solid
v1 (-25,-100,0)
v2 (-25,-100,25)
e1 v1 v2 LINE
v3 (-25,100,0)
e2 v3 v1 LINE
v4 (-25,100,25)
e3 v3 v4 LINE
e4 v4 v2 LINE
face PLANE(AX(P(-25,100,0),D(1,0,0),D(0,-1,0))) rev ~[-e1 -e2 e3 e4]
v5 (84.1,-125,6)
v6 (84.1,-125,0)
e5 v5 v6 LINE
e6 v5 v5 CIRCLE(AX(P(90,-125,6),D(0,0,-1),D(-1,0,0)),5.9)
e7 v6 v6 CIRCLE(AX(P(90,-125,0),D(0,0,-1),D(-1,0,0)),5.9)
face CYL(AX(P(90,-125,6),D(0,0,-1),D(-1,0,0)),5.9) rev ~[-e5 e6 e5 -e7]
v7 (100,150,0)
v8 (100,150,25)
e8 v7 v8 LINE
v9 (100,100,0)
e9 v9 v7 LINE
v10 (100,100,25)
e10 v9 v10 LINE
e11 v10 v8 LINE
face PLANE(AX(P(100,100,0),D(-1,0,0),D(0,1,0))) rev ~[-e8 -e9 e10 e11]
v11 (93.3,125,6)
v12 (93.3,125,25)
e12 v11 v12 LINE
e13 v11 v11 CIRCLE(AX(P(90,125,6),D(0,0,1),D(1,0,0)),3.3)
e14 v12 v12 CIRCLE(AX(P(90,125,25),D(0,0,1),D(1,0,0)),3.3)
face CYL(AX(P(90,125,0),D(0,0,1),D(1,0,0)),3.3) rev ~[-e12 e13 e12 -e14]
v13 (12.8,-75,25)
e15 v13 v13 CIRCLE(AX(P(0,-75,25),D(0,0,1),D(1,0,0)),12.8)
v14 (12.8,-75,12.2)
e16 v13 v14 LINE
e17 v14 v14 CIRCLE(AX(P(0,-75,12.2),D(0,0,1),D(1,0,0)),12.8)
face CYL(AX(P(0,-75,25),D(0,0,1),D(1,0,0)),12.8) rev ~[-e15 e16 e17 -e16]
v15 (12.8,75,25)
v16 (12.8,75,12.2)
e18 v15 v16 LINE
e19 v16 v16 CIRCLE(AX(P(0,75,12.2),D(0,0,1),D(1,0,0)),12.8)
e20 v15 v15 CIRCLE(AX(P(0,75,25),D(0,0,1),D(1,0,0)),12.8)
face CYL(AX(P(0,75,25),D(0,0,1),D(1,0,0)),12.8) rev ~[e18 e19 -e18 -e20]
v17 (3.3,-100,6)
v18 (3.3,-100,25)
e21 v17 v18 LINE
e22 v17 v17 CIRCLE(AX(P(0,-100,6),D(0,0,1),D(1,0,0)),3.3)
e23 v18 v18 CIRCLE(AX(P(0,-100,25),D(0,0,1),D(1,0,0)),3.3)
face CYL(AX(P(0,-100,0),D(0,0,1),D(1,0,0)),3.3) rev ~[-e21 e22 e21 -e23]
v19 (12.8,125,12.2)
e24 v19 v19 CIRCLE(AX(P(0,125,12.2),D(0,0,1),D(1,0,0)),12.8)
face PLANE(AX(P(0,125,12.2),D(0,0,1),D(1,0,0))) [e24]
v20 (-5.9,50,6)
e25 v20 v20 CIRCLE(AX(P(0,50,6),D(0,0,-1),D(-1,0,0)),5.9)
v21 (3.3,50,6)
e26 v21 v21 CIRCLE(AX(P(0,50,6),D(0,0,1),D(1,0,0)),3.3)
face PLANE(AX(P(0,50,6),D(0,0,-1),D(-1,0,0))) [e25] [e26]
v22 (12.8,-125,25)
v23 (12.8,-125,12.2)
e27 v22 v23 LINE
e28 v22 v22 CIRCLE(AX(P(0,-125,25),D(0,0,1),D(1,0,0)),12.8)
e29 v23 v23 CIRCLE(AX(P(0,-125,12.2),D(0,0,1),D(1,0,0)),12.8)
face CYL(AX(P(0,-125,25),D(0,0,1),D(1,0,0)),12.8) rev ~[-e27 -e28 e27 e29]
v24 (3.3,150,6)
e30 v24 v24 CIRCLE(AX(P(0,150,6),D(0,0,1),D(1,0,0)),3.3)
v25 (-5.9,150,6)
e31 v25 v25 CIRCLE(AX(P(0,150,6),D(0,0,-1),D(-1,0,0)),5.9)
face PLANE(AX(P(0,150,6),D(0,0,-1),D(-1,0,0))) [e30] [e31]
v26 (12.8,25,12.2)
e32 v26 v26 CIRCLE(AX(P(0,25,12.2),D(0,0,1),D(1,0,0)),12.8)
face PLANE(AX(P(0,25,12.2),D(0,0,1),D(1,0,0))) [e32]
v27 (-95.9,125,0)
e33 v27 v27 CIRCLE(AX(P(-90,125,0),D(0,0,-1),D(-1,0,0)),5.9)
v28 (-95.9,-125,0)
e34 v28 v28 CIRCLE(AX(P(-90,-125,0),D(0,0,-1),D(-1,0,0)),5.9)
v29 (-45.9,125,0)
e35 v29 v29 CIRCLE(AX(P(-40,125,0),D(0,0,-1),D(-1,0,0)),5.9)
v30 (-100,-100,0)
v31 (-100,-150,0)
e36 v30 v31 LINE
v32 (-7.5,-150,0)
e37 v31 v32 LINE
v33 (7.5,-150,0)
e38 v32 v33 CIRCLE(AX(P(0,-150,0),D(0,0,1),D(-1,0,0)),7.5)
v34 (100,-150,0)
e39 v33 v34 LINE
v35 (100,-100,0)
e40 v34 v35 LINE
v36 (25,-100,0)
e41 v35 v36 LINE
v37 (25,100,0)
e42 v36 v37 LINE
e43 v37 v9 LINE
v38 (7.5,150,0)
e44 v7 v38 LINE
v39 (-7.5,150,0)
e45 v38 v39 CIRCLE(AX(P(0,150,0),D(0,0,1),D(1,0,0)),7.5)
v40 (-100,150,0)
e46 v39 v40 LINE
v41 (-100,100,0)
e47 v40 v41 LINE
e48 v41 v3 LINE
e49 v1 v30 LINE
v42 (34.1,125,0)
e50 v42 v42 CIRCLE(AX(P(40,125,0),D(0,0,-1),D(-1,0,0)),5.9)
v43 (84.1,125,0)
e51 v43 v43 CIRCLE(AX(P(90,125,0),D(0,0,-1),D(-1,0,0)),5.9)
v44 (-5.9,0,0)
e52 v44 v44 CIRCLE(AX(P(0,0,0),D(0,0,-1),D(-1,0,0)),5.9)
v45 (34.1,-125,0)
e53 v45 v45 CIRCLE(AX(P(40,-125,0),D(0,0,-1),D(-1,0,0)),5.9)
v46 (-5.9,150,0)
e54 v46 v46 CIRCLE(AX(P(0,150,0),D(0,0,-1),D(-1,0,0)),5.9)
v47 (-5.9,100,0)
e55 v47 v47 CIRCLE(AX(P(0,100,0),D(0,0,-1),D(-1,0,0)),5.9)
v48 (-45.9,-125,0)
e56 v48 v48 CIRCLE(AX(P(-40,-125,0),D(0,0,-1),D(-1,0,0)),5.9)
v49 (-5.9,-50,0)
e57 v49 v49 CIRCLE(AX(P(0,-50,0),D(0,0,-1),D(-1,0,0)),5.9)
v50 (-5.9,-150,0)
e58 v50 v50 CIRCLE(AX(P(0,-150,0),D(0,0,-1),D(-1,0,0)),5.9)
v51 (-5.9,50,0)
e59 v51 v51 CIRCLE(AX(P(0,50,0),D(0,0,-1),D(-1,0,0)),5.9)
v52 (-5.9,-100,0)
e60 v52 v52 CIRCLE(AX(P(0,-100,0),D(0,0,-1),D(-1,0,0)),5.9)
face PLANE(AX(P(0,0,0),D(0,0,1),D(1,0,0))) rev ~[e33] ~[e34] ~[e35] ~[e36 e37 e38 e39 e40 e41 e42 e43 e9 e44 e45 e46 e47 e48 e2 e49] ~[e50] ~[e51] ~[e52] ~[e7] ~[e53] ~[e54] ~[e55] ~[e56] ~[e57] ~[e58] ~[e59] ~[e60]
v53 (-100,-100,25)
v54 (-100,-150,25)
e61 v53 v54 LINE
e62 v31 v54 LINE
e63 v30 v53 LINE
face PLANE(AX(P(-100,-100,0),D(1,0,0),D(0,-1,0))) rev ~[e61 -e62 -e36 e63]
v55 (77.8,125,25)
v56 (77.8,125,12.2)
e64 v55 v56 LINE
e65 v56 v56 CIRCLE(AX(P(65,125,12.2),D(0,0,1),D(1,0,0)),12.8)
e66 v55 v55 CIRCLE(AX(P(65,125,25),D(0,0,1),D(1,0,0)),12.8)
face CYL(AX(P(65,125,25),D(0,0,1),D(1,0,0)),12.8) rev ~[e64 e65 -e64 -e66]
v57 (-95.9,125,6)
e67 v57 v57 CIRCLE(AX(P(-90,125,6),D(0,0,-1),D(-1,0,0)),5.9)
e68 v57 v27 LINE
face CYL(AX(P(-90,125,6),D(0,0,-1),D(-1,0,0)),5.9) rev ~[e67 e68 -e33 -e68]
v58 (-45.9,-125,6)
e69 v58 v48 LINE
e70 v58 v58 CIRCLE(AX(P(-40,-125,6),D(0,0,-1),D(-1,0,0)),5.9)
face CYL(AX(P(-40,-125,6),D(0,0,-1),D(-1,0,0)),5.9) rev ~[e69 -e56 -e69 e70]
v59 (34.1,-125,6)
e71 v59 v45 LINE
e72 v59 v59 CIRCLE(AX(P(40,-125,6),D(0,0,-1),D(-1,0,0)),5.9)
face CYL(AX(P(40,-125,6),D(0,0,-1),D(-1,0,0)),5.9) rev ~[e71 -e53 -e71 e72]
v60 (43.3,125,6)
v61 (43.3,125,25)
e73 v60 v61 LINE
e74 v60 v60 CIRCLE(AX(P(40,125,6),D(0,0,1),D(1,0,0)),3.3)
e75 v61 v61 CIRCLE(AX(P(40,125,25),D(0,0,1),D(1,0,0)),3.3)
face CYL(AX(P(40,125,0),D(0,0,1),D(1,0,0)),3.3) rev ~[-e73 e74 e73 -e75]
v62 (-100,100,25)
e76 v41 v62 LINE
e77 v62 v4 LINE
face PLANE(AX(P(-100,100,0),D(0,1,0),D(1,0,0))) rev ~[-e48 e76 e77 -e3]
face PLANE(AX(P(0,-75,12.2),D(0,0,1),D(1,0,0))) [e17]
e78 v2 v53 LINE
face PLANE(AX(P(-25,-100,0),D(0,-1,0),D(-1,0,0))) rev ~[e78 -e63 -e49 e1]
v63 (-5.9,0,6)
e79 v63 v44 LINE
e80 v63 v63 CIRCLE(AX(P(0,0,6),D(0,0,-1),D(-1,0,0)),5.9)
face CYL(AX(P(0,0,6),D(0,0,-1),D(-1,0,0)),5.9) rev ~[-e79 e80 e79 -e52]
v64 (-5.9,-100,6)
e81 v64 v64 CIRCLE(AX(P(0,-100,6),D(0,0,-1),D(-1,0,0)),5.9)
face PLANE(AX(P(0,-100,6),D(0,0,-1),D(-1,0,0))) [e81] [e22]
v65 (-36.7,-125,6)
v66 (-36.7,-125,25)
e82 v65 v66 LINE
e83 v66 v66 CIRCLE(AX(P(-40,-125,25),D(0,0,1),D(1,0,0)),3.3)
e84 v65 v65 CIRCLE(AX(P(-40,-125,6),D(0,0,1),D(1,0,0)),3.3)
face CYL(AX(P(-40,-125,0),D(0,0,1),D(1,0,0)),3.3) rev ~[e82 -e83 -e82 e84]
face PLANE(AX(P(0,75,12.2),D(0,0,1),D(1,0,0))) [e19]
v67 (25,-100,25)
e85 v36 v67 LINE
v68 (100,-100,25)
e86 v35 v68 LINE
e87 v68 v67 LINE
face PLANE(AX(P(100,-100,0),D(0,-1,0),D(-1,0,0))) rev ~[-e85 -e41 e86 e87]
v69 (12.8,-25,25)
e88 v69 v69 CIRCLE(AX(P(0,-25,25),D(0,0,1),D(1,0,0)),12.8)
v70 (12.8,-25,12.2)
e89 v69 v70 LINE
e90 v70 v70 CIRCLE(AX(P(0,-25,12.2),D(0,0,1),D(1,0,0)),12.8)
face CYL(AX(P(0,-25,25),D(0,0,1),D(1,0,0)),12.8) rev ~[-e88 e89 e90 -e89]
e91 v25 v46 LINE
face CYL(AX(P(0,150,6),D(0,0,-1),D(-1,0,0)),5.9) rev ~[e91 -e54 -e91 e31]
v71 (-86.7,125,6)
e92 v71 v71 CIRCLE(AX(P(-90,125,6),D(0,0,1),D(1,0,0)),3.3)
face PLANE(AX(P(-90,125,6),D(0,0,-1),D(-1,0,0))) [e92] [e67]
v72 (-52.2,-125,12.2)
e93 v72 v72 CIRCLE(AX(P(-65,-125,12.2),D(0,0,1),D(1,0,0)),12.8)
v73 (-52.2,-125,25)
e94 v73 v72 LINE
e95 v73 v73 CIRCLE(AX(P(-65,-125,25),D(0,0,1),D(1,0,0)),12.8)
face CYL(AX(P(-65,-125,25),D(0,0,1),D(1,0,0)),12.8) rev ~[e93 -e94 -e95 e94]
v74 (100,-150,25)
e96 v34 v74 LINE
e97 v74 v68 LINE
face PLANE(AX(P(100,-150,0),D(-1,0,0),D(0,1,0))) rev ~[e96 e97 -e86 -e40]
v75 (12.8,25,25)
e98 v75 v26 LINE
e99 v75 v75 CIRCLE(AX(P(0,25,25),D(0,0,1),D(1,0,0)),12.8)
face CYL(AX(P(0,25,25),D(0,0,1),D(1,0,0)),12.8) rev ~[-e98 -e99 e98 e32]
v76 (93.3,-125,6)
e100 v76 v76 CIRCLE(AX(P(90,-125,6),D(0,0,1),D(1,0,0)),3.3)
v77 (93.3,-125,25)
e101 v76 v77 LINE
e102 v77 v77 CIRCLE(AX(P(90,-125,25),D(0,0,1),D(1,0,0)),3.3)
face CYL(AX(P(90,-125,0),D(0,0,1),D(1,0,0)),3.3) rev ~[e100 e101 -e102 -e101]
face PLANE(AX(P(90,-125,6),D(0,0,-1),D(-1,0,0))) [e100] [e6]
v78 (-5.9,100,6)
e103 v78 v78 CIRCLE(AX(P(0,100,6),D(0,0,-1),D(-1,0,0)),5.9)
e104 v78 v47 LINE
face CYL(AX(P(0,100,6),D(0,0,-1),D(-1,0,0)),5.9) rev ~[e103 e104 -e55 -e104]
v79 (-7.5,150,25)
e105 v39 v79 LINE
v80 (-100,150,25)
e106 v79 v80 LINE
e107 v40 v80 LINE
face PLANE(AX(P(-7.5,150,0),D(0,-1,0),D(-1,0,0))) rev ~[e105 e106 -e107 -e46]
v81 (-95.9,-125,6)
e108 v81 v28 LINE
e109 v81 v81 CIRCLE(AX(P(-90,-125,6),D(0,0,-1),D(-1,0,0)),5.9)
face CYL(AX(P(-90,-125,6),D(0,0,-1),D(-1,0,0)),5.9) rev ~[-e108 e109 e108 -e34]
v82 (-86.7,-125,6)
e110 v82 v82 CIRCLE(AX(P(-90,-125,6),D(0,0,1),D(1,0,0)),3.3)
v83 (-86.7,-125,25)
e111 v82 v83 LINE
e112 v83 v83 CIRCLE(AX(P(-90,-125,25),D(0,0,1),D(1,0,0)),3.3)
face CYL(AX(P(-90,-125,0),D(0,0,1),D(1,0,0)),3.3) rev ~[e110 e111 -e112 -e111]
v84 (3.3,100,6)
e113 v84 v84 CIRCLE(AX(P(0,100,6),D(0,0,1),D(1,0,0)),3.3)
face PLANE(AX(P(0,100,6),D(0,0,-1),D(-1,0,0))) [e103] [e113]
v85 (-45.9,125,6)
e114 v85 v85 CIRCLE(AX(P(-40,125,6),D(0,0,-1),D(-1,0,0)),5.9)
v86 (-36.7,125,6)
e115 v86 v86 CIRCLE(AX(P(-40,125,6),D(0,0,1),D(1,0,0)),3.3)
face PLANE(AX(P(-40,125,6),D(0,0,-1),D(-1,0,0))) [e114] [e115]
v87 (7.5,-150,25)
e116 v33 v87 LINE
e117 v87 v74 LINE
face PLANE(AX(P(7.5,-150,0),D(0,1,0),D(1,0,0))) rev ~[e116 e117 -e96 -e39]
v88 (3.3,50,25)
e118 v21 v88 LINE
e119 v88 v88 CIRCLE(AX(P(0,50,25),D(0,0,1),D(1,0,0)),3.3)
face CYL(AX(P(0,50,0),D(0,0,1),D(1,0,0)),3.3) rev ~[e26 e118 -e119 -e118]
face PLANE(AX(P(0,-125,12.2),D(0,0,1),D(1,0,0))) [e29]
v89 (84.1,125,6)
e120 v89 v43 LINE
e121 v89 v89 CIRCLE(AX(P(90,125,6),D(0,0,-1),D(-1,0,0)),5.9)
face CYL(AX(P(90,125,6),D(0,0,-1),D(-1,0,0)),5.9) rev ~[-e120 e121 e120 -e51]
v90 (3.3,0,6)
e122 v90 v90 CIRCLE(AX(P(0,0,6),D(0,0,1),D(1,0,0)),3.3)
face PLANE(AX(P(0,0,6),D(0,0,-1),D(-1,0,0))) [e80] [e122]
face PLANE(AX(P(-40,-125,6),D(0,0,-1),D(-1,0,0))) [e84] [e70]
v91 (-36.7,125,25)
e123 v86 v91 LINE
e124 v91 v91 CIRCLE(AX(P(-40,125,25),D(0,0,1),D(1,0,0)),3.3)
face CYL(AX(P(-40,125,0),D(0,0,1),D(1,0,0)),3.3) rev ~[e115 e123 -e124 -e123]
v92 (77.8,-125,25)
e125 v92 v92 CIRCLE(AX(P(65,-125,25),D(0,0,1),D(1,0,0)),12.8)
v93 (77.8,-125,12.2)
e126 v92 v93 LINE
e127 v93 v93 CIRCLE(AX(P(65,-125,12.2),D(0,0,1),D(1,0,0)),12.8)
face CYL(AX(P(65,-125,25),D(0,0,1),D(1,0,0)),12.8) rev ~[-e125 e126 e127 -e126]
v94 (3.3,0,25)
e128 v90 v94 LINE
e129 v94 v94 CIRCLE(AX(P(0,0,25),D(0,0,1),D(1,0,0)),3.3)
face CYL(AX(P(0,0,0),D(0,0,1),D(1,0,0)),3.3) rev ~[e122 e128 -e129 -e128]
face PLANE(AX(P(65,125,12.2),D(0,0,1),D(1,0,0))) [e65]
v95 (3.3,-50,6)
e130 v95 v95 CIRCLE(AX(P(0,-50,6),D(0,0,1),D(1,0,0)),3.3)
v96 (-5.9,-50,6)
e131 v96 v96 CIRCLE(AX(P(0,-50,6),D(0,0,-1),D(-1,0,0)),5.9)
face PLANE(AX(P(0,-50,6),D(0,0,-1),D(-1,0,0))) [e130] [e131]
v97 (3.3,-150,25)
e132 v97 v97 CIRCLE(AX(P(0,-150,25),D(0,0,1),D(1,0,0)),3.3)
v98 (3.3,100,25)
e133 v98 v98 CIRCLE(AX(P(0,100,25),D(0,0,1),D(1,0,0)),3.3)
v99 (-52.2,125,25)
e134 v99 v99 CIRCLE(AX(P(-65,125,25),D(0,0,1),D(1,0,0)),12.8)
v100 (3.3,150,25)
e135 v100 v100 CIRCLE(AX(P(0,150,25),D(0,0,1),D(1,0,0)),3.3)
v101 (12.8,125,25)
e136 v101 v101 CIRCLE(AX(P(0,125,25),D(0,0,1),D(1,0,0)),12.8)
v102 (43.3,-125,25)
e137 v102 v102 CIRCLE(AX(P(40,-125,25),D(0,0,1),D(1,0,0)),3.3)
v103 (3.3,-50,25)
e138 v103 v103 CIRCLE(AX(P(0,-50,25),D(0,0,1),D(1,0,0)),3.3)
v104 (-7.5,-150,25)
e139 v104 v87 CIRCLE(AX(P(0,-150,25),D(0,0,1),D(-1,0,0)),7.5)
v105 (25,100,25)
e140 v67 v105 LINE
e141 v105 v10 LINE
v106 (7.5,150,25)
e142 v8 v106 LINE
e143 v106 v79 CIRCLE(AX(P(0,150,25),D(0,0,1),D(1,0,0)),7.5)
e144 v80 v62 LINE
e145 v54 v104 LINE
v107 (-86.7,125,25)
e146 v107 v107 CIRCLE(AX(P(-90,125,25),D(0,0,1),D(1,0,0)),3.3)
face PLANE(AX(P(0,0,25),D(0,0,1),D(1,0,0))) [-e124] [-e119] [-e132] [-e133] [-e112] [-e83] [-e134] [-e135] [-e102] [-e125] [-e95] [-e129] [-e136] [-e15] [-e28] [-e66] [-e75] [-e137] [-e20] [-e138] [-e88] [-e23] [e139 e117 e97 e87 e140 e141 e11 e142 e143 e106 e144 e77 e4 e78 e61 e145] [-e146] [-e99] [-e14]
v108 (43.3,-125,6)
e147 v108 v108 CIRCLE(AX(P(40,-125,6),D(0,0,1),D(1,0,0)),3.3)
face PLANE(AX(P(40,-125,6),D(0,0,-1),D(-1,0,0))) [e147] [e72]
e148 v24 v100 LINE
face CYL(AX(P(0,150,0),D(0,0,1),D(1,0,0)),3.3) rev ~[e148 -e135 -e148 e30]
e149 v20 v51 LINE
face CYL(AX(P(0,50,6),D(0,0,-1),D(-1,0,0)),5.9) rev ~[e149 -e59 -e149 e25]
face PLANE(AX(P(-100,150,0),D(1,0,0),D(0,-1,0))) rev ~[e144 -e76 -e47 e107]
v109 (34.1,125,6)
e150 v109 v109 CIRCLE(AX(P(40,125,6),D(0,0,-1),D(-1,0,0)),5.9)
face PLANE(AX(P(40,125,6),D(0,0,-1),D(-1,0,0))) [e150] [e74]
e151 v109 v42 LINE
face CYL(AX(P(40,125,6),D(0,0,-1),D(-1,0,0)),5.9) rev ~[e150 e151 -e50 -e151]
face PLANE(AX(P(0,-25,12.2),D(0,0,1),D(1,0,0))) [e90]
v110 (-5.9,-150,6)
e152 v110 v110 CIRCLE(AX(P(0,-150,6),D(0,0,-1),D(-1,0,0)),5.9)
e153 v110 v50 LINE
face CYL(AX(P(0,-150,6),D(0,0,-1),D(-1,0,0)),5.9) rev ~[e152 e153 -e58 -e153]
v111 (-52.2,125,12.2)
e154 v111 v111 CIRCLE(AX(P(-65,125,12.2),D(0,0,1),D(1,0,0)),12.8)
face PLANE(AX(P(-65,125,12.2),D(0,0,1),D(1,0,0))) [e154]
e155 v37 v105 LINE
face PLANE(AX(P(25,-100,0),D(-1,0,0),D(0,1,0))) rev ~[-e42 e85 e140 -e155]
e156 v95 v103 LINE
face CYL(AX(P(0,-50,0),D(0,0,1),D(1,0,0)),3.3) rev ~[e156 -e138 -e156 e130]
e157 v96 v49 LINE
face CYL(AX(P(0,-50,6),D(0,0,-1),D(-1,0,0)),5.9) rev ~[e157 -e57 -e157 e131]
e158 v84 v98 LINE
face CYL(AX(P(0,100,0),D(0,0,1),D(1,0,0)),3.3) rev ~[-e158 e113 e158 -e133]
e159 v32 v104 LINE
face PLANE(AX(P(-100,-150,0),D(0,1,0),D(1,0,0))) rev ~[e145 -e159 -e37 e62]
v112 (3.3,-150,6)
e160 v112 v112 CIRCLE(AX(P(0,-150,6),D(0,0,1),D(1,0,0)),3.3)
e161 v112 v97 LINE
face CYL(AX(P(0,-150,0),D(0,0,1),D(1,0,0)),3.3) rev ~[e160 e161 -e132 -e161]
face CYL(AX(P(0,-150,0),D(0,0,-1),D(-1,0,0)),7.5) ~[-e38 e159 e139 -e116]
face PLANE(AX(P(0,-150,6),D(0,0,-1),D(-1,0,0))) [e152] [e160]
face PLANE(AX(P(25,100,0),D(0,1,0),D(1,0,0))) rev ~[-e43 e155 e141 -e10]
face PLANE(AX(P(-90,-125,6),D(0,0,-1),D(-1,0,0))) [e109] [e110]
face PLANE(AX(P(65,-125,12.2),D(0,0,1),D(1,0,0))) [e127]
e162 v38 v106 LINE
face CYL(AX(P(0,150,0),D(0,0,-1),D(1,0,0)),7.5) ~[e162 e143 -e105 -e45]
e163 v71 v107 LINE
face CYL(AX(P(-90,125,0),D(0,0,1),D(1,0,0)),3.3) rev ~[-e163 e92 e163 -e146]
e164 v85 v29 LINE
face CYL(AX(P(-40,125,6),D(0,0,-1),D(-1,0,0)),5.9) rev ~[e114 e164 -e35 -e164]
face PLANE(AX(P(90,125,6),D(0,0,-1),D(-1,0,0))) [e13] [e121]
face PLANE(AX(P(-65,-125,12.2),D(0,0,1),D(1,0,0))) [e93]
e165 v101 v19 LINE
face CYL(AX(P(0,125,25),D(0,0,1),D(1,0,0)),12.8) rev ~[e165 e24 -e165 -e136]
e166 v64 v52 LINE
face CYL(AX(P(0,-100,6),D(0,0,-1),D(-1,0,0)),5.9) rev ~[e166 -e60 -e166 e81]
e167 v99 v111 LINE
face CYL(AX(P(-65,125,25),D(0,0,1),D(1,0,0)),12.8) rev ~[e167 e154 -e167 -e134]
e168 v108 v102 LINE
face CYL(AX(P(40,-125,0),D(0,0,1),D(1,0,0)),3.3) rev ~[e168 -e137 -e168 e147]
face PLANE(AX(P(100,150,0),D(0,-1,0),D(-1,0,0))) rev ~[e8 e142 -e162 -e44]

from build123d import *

# Parameters (mm, degrees)
HALFBODY_DEPTH                 = 25
CORNERHOLESGUIDE_R             = 12.8
CORNERHOLES_DEPTH              = 12.8
PATTERNCORNERHOLES_COUNT       = 2
PATTERNCORNERHOLES_PITCH       = 130
PATTERNCORNERHOLES_COUNT_DIR2  = 2
PATTERNCORNERHOLES_PITCH_DIR2  = 250
CENTERHOLESGUIDE_R             = 12.8
CENTERHOLES_DEPTH              = 12.8
PATTERNCENTERHOLES_COUNT       = 6
PATTERNCENTERHOLES_PITCH       = 50
CBORE_FOR_M6_SHCS1_D           = 6.6
CBORE_FOR_M6_SHCS1_CBORE_D     = 11.8
CBORE_FOR_M6_SHCS1_CBORE_DEPTH = 6


with BuildPart() as part:
    # Base → HalfBody (new body)
    with BuildSketch(Plane.XY):
        with BuildLine():
            Line((-25, 100), (-25, -100))
            Line((-25, -100), (-100, -100))
            Line((-100, -100), (-100, -150))
            Line((-100, -150), (-7.5, -150))
            ThreePointArc((-7.5, -150), (0, -157.5), (7.5, -150))
            Line((7.5, -150), (100, -150))
            Line((100, -150), (100, -100))
            Line((100, -100), (25, -100))
            Line((25, -100), (25, 100))
            Line((25, 100), (100, 100))
            Line((100, 100), (100, 150))
            Line((100, 150), (7.5, 150))
            ThreePointArc((7.5, 150), (0, 157.5), (-7.5, 150))
            Line((-7.5, 150), (-100, 150))
            Line((-100, 150), (-100, 100))
            Line((-100, 100), (-25, 100))
        make_face()
    extrude(amount=HALFBODY_DEPTH)

    # CornerHolesGuide → CornerHoles (cut)
    with BuildSketch(Plane.XY.offset(25)):
        with Locations((-65, 125)):
            Circle(CORNERHOLESGUIDE_R)
    cornerholes = extrude(amount=-CORNERHOLES_DEPTH, mode=Mode.SUBTRACT)

    # PatternCornerHoles: CornerHoles 2 × 2
    with Locations(*[(i * PATTERNCORNERHOLES_PITCH, -j * PATTERNCORNERHOLES_PITCH_DIR2, 0) for i in range(PATTERNCORNERHOLES_COUNT) for j in range(PATTERNCORNERHOLES_COUNT_DIR2) if (i, j) != (0, 0)]):
        add(cornerholes, mode=Mode.SUBTRACT)

    # CenterHolesGuide → CenterHoles (cut)
    with BuildSketch(Plane.XY.offset(25)):
        with Locations((0, 125)):
            Circle(CENTERHOLESGUIDE_R)
    centerholes = extrude(amount=-CENTERHOLES_DEPTH, mode=Mode.SUBTRACT)

    # PatternCenterHoles: CenterHoles ×6
    with Locations(*[(0, -i * PATTERNCENTERHOLES_PITCH, 0) for i in range(1, PATTERNCENTERHOLES_COUNT)]):
        add(centerholes, mode=Mode.SUBTRACT)

    # CBORE for M6 SHCS1 (through all)
    with Locations(Plane(origin=(0, 0, 0), x_dir=(-1, 0, 0), z_dir=(0, 0, -1))):
        with Locations((-90, 125), (-40, 125), (0, 150), (40, 125), (90, 125), (0, 50), (0, 0), (0, -50), (0, -100), (-90, -125), (-40, -125), (40, -125), (90, -125), (0, -150), (0, 100)):
            CounterBoreHole(CBORE_FOR_M6_SHCS1_D / 2, CBORE_FOR_M6_SHCS1_CBORE_D / 2, CBORE_FOR_M6_SHCS1_CBORE_DEPTH)


solid = part.part
